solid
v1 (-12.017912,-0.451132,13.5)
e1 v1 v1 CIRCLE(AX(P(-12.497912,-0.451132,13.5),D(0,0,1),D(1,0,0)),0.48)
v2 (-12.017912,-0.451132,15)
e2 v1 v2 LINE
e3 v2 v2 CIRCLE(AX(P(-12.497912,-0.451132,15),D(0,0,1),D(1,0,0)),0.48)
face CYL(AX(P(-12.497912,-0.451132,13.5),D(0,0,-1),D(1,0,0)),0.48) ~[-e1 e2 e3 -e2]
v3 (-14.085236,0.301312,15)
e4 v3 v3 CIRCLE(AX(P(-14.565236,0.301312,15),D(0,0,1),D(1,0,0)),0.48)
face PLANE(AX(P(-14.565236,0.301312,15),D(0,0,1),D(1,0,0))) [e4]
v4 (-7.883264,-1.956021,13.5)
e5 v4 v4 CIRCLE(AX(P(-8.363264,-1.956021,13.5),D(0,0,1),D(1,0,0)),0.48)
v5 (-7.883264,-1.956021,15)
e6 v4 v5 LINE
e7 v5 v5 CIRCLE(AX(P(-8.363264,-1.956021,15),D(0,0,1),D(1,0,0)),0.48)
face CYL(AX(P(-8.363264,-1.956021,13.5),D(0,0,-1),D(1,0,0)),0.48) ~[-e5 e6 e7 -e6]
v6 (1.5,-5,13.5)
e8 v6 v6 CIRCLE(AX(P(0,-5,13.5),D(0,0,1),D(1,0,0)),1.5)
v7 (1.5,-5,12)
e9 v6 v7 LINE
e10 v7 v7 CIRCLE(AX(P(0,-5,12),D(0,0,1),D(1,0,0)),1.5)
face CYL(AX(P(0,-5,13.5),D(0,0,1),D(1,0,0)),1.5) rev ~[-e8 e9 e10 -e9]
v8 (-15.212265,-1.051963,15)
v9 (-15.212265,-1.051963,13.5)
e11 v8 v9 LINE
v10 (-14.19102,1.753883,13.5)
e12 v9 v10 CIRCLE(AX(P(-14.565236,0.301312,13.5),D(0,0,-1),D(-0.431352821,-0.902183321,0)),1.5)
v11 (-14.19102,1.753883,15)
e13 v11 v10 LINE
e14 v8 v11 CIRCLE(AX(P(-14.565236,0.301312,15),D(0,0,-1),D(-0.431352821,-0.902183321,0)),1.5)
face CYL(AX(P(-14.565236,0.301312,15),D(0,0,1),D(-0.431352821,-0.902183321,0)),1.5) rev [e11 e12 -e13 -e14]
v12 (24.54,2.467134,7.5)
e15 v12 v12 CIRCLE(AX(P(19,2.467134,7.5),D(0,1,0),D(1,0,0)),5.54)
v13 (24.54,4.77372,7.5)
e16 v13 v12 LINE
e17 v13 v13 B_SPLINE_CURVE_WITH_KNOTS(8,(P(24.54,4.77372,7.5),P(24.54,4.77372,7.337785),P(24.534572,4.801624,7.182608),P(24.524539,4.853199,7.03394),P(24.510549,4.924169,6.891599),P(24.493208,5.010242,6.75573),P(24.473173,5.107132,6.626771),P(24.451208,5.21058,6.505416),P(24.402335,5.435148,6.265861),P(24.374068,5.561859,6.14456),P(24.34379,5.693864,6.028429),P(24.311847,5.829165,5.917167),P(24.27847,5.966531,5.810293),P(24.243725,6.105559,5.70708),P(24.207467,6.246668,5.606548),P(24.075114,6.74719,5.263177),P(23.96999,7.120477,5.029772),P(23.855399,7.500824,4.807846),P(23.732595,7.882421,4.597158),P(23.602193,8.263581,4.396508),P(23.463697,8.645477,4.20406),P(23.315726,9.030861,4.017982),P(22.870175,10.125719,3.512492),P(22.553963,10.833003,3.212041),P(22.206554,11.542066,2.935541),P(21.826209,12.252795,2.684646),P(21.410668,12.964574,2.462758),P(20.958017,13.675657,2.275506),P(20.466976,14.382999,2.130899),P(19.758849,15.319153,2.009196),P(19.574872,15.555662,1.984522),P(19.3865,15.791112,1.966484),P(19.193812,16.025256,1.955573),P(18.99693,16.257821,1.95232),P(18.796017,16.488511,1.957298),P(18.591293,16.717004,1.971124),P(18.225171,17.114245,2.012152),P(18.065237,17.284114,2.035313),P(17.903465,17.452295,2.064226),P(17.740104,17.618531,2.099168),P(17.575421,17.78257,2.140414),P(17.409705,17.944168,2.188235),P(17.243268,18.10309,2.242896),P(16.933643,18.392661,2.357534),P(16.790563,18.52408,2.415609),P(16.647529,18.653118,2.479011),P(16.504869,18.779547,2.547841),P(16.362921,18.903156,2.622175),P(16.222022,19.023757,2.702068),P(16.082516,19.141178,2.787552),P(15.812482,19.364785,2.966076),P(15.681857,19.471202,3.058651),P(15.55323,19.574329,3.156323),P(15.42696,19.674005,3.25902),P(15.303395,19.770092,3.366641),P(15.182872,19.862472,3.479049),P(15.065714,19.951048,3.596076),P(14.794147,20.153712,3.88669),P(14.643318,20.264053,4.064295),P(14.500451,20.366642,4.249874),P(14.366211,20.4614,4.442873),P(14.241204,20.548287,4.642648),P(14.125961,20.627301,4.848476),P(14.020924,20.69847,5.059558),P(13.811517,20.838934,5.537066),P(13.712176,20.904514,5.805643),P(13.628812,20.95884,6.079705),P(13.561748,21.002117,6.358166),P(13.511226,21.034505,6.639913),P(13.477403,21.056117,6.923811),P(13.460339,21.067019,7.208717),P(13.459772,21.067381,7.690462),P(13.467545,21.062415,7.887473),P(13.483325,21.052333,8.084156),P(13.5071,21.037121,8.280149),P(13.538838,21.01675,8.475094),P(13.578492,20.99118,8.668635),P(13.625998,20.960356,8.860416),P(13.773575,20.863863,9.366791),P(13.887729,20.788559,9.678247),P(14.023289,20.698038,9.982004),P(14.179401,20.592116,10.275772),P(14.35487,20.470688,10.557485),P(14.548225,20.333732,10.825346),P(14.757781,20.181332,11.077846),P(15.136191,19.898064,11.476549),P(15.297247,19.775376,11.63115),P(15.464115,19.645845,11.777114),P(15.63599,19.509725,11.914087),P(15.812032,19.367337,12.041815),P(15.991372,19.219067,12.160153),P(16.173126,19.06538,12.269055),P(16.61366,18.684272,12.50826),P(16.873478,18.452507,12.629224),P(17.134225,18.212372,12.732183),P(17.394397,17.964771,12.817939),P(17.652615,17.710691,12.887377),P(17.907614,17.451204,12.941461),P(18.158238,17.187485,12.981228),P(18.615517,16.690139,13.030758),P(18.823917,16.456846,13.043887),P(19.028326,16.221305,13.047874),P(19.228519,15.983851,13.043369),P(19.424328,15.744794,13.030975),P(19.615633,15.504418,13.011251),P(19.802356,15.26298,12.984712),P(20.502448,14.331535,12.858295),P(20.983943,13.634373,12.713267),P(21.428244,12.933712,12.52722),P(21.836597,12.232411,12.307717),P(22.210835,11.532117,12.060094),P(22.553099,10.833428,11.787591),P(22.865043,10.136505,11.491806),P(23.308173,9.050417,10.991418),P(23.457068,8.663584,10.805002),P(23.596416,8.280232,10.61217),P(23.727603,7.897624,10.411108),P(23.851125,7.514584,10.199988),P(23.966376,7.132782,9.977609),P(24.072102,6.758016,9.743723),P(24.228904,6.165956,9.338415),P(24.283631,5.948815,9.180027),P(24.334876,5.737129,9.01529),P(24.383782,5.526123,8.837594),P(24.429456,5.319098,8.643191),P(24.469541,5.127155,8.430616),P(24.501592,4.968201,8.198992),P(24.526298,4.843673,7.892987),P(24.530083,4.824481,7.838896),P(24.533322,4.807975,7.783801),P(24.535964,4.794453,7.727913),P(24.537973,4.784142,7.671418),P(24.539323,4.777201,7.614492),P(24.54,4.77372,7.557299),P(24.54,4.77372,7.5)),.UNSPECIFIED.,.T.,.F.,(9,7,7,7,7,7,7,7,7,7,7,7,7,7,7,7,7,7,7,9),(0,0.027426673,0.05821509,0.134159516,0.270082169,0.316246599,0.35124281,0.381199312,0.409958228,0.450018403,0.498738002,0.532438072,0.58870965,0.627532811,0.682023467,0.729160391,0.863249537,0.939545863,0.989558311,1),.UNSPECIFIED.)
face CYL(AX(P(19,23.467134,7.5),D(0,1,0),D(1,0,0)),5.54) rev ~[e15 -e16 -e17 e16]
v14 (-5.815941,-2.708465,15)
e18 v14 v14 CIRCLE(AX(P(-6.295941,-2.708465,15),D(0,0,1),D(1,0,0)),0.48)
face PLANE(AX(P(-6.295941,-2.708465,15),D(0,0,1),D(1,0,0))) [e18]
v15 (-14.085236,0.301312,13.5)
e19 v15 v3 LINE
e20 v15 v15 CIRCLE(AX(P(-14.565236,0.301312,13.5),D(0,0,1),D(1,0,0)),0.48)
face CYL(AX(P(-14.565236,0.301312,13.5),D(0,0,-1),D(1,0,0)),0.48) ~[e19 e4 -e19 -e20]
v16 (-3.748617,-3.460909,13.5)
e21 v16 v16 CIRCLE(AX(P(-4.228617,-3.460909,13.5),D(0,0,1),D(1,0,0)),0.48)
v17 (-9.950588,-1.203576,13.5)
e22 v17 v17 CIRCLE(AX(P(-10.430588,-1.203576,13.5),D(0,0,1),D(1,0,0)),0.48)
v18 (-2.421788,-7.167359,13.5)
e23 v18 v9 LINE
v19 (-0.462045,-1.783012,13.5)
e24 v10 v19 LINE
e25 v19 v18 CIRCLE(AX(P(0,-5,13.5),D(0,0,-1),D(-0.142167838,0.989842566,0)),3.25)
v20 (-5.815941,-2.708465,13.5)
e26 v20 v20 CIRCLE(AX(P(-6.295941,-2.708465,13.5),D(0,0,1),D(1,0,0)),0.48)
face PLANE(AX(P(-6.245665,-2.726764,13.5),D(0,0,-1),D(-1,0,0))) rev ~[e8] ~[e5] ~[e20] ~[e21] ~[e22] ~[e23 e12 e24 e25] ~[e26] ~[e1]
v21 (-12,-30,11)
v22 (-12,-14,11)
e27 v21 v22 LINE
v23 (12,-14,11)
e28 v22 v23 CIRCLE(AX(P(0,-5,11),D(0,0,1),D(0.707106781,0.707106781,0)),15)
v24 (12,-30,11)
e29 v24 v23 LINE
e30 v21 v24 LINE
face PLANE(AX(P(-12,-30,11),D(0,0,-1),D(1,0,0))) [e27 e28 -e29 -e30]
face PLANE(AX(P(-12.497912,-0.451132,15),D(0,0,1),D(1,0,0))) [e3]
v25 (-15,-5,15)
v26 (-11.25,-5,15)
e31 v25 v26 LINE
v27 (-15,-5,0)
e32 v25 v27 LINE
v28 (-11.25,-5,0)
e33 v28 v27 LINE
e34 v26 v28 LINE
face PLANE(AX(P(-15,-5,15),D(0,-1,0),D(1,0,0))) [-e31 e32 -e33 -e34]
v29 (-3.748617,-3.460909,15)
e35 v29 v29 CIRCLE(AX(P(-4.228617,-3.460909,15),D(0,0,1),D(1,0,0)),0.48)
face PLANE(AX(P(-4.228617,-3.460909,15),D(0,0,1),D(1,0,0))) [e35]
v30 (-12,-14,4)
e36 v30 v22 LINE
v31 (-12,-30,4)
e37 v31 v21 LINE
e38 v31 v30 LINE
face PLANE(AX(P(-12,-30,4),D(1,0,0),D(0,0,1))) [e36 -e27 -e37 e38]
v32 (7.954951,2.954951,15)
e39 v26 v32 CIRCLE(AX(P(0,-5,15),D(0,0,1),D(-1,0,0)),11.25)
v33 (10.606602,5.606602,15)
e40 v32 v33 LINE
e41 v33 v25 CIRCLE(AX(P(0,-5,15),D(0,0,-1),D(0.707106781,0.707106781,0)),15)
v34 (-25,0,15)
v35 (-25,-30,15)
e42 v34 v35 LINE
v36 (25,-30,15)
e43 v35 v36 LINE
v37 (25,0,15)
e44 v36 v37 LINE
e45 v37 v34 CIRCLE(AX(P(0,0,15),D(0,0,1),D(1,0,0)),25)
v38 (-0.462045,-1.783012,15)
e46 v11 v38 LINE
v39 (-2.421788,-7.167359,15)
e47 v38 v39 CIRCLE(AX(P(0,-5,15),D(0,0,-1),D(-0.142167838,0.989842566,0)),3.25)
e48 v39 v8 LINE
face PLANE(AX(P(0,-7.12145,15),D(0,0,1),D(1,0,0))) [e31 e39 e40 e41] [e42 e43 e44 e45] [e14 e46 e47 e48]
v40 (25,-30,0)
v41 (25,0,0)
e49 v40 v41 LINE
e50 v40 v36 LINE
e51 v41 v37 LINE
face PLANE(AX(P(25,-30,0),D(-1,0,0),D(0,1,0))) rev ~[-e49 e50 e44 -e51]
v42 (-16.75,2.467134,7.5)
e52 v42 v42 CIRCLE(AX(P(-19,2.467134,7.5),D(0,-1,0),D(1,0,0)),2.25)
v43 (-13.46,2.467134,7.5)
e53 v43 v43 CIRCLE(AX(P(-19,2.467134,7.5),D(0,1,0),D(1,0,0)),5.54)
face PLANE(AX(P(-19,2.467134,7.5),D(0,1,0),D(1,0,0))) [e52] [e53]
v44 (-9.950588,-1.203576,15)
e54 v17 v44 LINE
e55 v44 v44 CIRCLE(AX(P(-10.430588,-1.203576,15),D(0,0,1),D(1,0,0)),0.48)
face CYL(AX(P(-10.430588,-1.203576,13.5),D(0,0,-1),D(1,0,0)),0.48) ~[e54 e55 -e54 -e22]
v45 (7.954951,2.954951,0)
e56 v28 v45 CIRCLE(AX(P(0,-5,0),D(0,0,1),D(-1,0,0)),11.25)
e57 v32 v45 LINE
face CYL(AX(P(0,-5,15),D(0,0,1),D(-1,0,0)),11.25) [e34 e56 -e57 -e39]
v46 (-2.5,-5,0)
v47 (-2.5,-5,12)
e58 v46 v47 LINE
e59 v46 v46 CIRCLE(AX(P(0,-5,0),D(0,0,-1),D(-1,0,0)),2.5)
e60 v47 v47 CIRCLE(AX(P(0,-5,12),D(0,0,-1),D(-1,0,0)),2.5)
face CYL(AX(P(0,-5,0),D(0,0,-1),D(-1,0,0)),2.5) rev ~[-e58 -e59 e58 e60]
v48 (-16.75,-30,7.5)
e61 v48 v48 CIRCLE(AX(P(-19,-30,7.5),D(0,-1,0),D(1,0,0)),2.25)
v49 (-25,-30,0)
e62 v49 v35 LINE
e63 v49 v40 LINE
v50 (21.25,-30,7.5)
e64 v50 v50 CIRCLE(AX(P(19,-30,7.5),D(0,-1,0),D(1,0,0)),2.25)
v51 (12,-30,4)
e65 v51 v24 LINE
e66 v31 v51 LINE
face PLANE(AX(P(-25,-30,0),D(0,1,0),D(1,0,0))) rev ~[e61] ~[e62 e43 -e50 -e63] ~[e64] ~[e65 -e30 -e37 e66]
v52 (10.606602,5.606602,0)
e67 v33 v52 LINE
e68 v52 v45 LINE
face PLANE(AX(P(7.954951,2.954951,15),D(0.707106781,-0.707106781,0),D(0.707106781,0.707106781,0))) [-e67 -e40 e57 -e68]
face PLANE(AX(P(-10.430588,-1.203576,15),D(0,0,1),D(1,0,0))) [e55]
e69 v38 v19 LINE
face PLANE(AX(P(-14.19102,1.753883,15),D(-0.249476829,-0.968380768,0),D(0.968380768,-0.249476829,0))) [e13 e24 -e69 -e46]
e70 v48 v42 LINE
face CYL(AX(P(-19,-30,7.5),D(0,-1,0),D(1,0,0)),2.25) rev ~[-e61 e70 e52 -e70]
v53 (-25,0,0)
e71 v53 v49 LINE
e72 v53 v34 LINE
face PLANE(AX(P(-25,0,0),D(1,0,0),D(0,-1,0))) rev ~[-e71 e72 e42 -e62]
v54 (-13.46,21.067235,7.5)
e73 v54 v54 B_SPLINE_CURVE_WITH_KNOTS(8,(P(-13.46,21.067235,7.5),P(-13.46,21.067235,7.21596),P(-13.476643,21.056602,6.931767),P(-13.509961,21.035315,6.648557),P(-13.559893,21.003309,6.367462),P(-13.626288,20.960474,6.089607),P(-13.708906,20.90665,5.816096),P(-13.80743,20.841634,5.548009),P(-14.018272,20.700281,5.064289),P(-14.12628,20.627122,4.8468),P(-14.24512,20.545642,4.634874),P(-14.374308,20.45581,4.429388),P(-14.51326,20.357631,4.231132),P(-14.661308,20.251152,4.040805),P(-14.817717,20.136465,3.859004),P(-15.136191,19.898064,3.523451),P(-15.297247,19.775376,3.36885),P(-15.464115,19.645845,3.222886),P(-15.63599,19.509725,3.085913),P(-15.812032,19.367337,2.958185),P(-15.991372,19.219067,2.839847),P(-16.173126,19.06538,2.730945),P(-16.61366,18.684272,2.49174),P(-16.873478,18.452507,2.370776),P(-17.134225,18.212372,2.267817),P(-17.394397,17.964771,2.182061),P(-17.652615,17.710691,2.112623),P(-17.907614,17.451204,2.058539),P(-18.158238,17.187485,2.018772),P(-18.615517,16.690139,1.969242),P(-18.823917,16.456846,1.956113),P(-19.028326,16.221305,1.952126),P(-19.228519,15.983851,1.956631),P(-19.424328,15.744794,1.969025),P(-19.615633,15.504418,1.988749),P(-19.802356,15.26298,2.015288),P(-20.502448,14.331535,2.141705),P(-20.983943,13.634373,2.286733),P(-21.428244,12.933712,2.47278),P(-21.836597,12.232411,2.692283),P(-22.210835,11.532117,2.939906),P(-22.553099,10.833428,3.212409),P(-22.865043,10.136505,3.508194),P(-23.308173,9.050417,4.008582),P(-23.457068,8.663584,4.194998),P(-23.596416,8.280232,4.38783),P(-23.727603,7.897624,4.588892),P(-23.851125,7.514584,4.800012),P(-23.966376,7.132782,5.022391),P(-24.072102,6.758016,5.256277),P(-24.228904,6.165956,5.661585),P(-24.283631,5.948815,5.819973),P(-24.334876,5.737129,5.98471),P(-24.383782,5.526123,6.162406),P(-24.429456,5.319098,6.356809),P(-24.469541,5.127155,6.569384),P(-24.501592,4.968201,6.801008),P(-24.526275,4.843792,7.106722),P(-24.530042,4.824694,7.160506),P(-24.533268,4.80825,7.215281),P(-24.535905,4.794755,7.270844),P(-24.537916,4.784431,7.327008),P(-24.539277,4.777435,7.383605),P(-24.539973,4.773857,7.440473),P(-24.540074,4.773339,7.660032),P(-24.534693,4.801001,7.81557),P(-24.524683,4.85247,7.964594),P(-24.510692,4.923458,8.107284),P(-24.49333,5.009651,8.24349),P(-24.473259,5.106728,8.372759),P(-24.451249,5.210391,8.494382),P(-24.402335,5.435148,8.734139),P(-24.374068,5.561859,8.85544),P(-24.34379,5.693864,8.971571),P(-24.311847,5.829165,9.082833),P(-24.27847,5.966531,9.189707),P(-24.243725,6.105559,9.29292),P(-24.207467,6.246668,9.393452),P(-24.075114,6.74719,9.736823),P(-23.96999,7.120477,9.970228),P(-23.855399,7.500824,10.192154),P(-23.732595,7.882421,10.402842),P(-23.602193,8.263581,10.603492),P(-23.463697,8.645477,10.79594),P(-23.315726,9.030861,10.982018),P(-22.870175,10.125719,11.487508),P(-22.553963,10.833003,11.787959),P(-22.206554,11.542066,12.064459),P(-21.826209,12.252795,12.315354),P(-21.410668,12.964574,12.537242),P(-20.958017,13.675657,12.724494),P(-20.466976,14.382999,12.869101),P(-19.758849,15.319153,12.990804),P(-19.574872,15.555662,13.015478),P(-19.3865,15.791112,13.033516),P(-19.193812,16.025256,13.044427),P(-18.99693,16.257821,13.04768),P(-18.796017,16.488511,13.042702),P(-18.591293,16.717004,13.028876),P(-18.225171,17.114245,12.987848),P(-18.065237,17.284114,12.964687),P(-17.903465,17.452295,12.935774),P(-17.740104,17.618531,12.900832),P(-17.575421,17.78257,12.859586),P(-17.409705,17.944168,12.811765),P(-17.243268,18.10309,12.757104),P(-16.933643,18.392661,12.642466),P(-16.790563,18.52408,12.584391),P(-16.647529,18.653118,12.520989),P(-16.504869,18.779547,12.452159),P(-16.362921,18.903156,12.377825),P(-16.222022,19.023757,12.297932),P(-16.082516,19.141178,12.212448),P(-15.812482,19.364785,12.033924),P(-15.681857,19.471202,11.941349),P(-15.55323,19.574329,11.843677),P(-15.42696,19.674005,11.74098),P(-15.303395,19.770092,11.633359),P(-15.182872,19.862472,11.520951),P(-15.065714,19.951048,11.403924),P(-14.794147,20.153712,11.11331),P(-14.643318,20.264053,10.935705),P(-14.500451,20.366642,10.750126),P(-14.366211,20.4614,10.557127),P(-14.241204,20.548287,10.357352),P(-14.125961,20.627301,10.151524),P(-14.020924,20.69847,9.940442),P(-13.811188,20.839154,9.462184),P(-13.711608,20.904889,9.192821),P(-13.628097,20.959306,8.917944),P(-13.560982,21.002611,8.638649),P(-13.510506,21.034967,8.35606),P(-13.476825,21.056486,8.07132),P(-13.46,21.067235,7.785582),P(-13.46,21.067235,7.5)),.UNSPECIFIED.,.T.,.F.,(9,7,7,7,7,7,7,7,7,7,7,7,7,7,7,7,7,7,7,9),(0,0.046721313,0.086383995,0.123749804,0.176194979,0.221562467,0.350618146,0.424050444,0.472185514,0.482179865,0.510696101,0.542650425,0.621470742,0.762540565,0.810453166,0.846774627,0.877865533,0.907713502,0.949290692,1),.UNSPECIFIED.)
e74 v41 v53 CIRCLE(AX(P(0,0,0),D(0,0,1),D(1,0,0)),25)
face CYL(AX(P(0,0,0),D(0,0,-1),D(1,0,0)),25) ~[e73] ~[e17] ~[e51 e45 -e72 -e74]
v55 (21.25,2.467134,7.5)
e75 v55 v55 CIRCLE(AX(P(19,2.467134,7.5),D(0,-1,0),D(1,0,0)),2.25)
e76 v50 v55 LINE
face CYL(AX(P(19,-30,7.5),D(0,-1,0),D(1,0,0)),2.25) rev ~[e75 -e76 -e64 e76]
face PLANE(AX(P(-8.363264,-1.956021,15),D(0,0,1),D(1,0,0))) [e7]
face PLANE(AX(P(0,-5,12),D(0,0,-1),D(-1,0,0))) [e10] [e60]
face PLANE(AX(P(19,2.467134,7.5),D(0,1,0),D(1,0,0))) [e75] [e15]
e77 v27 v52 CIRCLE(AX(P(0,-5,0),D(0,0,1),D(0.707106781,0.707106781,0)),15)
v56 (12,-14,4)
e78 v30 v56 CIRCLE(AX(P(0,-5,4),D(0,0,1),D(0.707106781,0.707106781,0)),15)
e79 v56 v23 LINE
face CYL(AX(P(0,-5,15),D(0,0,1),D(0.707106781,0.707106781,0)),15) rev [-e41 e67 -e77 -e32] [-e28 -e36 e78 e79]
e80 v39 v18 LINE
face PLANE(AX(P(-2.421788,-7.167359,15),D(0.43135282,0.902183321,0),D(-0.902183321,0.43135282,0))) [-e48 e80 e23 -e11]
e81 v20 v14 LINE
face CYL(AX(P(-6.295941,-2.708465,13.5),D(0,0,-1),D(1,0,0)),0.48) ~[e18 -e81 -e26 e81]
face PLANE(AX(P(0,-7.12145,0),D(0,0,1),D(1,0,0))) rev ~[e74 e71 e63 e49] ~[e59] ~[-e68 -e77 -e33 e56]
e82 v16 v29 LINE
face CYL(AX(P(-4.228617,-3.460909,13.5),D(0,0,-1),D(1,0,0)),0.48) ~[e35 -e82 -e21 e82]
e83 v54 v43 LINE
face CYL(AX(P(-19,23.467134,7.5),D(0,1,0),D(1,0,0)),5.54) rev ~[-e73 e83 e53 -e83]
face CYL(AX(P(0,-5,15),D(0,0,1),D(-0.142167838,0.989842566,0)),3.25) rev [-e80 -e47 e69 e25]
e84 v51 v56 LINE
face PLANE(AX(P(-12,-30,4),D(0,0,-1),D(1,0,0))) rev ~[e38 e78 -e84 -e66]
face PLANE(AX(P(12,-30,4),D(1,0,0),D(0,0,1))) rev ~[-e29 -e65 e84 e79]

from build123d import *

# Parameters (mm, degrees)
BOSS_EXTRUDE1_DEPTH = 15
CUT_EXTRUDE1_REACH  = 17
CUT_EXTRUDE2_DEPTH  = 1.5
CUT_EXTRUDE3_REACH  = 15.5
SKETCH4_R           = 1.5
SKETCH5_R           = 2.5
CUT_EXTRUDE4_DEPTH  = 12
SKETCH6_R           = 0.48
BOSS_EXTRUDE2_DEPTH = 1.5
CUT_EXTRUDE5_REACH  = 57
SKETCH7_R           = 2.25
SKETCH8_R           = 5.54
CUT_EXTRUDE6_DEPTH  = 21
CUT_EXTRUDE7_REACH  = 57
SKETCH9_W           = 24
SKETCH9_H           = 7


with BuildPart() as part:
    # Sketch1 → Boss-Extrude1 (new body)
    with BuildSketch(Plane.XY):
        with BuildLine():
            Line((-25, 0), (-25, -30))
            Line((-25, -30), (25, -30))
            Line((25, -30), (25, 0))
            ThreePointArc((25, 0), (0, 25), (-25, 0))
        make_face()
    extrude(amount=BOSS_EXTRUDE1_DEPTH)

    # Sketch2 → Cut-Extrude1 (cut, up to next)
    with BuildSketch(Plane.XY.offset(15), mode=Mode.PRIVATE) as cut_extrude1_sk1:
        with BuildLine():
            Line((-15, -5), (-11.25, -5))
            ThreePointArc((-11.25, -5), (4.305188614, -15.393644741), (7.954951288, 2.954951288))
            Line((7.954951288, 2.954951288), (10.606601718, 5.606601718))
            ThreePointArc((10.606601718, 5.606601718), (5.740251485, -18.858192988), (-15, -5))
        make_face()
    cut_extrude1_tool1 = extrude(cut_extrude1_sk1.sketch, amount=-CUT_EXTRUDE1_REACH, mode=Mode.PRIVATE) & part.part
    add(cut_extrude1_tool1.solids().sort_by_distance((9.559676, 4.001877, 15))[0], mode=Mode.SUBTRACT)

    # Sketch3 → Cut-Extrude2 (cut)
    with BuildSketch(Plane.XY.offset(15)):
        with BuildLine():
            Line((-14.191020378, 1.753883373), (-0.462045472, -1.78301166))
            ThreePointArc((-0.462045472, -1.78301166), (3.054001018, -6.111565466), (-2.421787612, -7.167358937))
            Line((-2.421787612, -7.167358937), (-15.212264853, -1.05196276))
            ThreePointArc((-15.212264853, -1.05196276), (-15.974774553, 0.814342437), (-14.191020378, 1.753883373))
        make_face()
    extrude(amount=-CUT_EXTRUDE2_DEPTH, mode=Mode.SUBTRACT)

    # Sketch4 → Cut-Extrude3 (cut, up to next)
    with BuildSketch(Plane.XY.offset(13.5), mode=Mode.PRIVATE) as cut_extrude3_sk1:
        with Locations((0, -5)):
            Circle(SKETCH4_R)
    cut_extrude3_tool1 = extrude(cut_extrude3_sk1.sketch, amount=-CUT_EXTRUDE3_REACH, mode=Mode.PRIVATE) & part.part
    add(cut_extrude3_tool1.solids().sort_by_distance((0, -5, 13.5))[0], mode=Mode.SUBTRACT)

    # Sketch5 → Cut-Extrude4 (cut)
    with BuildSketch(Plane(origin=(0, 0, 0), x_dir=(-1, 0, 0), z_dir=(0, 0, -1))):
        with Locations((0, -5)):
            Circle(SKETCH5_R)
    extrude(amount=-CUT_EXTRUDE4_DEPTH, mode=Mode.SUBTRACT)

    # Sketch6 → Boss-Extrude2 (add)
    with BuildSketch(Plane.XY.offset(13.5)):
        with Locations((-14.565235622, 0.301312222)):
            Circle(SKETCH6_R)
        with Locations((-12.497911856, -0.451132094)):
            Circle(SKETCH6_R)
        with Locations((-10.430588091, -1.203576409)):
            Circle(SKETCH6_R)
        with Locations((-8.363264325, -1.956020724)):
            Circle(SKETCH6_R)
        with Locations((-6.295940559, -2.70846504)):
            Circle(SKETCH6_R)
        with Locations((-4.228616794, -3.460909355)):
            Circle(SKETCH6_R)
    extrude(amount=BOSS_EXTRUDE2_DEPTH)

    # Sketch7 → Cut-Extrude5 (cut, up to next)
    with BuildSketch(Plane.XZ.offset(30), mode=Mode.PRIVATE) as cut_extrude5_sk1:
        with Locations((-19, 7.5)):
            Circle(SKETCH7_R)
    cut_extrude5_tool1 = extrude(cut_extrude5_sk1.sketch, amount=-CUT_EXTRUDE5_REACH, mode=Mode.PRIVATE) & part.part
    add(cut_extrude5_tool1.solids().sort_by_distance((-19, -30, 7.5))[0], mode=Mode.SUBTRACT)
    # Sketch7 → Cut-Extrude5 (cut, up to next)
    with BuildSketch(Plane.XZ.offset(30), mode=Mode.PRIVATE) as cut_extrude5_sk2:
        with Locations((19, 7.5)):
            Circle(SKETCH7_R)
    cut_extrude5_tool2 = extrude(cut_extrude5_sk2.sketch, amount=-CUT_EXTRUDE5_REACH, mode=Mode.PRIVATE) & part.part
    add(cut_extrude5_tool2.solids().sort_by_distance((19, -30, 7.5))[0], mode=Mode.SUBTRACT)

    # Sketch8 → Cut-Extrude6 (cut)
    with BuildSketch(Plane(origin=(0, 23.467134405, 0), x_dir=(1, 0, 0), z_dir=(0, 1, 0))):
        with Locations((-19, -7.5)):
            Circle(SKETCH8_R)
        with Locations((19, -7.5)):
            Circle(SKETCH8_R)
    extrude(amount=-CUT_EXTRUDE6_DEPTH, mode=Mode.SUBTRACT)

    # Sketch9 → Cut-Extrude7 (cut, up to next)
    with BuildSketch(Plane.XZ.offset(30), mode=Mode.PRIVATE) as cut_extrude7_sk1:
        with Locations((0, 7.5)):
            Rectangle(SKETCH9_W, SKETCH9_H)
    cut_extrude7_tool1 = extrude(cut_extrude7_sk1.sketch, amount=-CUT_EXTRUDE7_REACH, mode=Mode.PRIVATE) & part.part
    add(cut_extrude7_tool1.solids().sort_by_distance((0, -30, 7.5))[0], mode=Mode.SUBTRACT)


solid = part.part
